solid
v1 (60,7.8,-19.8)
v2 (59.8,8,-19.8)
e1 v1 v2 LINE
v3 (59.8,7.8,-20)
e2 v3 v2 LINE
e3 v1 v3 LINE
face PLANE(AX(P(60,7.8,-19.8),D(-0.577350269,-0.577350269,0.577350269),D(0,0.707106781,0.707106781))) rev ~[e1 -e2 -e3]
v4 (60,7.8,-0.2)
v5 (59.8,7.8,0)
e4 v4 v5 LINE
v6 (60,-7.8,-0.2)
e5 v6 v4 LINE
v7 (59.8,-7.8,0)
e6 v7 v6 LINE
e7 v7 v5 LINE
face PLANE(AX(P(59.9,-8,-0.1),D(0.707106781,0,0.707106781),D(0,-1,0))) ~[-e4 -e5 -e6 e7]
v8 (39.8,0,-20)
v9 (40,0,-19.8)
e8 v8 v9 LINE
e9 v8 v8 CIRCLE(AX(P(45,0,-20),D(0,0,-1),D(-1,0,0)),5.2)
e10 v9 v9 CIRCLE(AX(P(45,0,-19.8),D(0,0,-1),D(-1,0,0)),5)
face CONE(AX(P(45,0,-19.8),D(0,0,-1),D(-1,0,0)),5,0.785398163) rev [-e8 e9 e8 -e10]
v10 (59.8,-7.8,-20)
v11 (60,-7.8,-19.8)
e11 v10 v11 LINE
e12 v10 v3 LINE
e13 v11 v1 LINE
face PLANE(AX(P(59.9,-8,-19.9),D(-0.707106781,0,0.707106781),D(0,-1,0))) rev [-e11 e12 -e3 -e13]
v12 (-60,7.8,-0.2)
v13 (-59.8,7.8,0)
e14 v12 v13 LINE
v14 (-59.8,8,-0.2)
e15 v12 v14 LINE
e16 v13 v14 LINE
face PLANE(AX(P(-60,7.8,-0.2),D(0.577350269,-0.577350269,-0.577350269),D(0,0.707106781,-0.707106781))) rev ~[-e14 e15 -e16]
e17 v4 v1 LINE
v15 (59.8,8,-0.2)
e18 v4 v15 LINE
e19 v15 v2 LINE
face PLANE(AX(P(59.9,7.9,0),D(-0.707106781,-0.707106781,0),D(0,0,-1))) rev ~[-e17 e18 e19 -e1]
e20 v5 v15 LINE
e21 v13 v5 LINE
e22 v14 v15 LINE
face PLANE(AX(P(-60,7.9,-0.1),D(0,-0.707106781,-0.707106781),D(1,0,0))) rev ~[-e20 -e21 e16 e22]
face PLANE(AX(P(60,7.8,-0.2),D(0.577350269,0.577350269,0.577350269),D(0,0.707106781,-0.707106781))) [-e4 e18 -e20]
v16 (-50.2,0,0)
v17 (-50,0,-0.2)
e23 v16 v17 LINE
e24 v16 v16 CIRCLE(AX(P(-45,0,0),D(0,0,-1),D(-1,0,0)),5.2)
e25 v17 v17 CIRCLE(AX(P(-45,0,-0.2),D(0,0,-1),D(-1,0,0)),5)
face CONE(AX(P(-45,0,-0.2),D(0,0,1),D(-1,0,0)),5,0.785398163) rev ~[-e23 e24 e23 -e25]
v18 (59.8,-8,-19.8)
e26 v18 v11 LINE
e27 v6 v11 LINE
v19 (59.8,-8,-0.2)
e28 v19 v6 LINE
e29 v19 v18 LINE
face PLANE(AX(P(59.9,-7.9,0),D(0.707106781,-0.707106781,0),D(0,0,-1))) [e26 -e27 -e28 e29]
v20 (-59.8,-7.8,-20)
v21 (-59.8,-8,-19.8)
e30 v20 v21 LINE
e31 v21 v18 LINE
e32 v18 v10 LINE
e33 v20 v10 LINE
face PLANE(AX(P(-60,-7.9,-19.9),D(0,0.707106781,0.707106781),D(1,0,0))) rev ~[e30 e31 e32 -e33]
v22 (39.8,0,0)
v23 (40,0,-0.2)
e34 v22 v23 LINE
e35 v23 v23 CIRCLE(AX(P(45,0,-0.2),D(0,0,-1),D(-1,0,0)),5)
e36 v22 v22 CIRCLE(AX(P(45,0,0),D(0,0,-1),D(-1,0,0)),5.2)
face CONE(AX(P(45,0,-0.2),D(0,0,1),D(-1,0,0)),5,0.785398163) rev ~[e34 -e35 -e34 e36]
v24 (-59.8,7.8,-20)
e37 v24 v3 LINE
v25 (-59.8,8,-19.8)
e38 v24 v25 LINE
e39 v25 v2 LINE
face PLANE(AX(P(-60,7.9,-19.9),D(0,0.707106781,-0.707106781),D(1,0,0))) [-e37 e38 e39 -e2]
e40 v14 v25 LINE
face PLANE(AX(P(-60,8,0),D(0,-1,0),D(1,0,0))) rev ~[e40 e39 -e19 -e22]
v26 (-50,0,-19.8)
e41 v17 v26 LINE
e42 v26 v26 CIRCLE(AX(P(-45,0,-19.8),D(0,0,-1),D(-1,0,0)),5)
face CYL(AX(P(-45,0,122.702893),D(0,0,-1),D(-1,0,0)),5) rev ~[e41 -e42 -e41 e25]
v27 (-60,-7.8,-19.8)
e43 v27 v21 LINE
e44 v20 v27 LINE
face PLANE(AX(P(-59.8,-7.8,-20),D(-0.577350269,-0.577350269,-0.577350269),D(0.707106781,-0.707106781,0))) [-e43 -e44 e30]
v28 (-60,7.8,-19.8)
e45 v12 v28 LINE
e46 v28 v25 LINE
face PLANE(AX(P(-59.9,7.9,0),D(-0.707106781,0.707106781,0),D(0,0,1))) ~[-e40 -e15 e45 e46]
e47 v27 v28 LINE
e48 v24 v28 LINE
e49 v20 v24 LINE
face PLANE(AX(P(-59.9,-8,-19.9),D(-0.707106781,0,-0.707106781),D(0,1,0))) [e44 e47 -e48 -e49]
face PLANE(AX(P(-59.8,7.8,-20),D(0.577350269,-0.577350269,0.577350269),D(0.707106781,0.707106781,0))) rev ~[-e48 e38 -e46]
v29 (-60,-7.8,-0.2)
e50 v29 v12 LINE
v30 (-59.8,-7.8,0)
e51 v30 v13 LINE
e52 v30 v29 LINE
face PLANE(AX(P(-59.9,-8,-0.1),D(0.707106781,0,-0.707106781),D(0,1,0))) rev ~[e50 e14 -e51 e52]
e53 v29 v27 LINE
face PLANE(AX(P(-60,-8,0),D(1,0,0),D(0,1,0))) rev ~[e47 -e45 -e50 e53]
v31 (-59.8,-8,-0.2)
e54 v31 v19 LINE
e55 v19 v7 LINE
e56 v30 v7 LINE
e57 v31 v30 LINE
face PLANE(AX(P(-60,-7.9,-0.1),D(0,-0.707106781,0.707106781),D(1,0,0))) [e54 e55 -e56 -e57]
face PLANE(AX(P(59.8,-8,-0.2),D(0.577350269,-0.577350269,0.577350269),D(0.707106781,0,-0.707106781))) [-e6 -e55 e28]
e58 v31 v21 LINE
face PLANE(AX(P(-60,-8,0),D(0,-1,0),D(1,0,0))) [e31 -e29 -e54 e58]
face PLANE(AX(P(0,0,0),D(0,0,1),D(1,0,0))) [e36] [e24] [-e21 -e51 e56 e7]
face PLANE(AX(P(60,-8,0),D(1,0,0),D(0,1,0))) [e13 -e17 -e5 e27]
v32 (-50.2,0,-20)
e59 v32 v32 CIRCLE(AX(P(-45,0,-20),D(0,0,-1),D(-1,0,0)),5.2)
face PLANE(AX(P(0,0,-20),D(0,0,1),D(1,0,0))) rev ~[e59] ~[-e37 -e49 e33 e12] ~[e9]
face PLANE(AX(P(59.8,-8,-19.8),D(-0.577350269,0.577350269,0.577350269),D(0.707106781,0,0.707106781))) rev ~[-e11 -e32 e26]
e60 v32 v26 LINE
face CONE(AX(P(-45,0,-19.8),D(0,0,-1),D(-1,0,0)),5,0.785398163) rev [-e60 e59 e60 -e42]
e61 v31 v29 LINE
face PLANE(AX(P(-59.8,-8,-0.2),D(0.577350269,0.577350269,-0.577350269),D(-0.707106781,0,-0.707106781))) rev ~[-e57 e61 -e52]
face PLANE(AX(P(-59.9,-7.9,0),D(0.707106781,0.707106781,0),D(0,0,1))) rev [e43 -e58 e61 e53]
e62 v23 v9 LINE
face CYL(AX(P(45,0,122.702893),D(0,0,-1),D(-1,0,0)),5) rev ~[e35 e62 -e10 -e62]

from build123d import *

# Parameters (mm, degrees)
F0_W     = 120
F0_H     = 16
F1_DEPTH = 20
F3_D     = 10
F4_SIZE  = 0.2


with BuildPart() as f1:
    # F0 (on Top) → F1 (new body)
    with BuildSketch(Plane.XY):
        Rectangle(F0_W, F0_H)
    extrude(amount=-F1_DEPTH)

    # F3 (through all)
    with Locations(Plane.XY):
        with Locations((-45, 0), (45, 0)):
            Hole(F3_D / 2)

    # F4
    f4_edges = [f1.edges().sort_by_distance(p)[0] for p in [
        (0, 8, 0),
        (60, 0, 0),
        (-60, 0, 0),
        (0, -8, 0),
        (-50, 0, 0),
        (40, 0, 0),
        (-60, 8, -10),
        (-60, -8, -10),
        (-60, 0, -20),
        (0, 8, -20),
        (60, 0, -20),
        (0, -8, -20),
        (-50, 0, -20),
        (40, 0, -20),
        (60, 8, -10),
        (60, -8, -10),
    ]]
    chamfer(f4_edges, length=F4_SIZE)


solid = f1.part
